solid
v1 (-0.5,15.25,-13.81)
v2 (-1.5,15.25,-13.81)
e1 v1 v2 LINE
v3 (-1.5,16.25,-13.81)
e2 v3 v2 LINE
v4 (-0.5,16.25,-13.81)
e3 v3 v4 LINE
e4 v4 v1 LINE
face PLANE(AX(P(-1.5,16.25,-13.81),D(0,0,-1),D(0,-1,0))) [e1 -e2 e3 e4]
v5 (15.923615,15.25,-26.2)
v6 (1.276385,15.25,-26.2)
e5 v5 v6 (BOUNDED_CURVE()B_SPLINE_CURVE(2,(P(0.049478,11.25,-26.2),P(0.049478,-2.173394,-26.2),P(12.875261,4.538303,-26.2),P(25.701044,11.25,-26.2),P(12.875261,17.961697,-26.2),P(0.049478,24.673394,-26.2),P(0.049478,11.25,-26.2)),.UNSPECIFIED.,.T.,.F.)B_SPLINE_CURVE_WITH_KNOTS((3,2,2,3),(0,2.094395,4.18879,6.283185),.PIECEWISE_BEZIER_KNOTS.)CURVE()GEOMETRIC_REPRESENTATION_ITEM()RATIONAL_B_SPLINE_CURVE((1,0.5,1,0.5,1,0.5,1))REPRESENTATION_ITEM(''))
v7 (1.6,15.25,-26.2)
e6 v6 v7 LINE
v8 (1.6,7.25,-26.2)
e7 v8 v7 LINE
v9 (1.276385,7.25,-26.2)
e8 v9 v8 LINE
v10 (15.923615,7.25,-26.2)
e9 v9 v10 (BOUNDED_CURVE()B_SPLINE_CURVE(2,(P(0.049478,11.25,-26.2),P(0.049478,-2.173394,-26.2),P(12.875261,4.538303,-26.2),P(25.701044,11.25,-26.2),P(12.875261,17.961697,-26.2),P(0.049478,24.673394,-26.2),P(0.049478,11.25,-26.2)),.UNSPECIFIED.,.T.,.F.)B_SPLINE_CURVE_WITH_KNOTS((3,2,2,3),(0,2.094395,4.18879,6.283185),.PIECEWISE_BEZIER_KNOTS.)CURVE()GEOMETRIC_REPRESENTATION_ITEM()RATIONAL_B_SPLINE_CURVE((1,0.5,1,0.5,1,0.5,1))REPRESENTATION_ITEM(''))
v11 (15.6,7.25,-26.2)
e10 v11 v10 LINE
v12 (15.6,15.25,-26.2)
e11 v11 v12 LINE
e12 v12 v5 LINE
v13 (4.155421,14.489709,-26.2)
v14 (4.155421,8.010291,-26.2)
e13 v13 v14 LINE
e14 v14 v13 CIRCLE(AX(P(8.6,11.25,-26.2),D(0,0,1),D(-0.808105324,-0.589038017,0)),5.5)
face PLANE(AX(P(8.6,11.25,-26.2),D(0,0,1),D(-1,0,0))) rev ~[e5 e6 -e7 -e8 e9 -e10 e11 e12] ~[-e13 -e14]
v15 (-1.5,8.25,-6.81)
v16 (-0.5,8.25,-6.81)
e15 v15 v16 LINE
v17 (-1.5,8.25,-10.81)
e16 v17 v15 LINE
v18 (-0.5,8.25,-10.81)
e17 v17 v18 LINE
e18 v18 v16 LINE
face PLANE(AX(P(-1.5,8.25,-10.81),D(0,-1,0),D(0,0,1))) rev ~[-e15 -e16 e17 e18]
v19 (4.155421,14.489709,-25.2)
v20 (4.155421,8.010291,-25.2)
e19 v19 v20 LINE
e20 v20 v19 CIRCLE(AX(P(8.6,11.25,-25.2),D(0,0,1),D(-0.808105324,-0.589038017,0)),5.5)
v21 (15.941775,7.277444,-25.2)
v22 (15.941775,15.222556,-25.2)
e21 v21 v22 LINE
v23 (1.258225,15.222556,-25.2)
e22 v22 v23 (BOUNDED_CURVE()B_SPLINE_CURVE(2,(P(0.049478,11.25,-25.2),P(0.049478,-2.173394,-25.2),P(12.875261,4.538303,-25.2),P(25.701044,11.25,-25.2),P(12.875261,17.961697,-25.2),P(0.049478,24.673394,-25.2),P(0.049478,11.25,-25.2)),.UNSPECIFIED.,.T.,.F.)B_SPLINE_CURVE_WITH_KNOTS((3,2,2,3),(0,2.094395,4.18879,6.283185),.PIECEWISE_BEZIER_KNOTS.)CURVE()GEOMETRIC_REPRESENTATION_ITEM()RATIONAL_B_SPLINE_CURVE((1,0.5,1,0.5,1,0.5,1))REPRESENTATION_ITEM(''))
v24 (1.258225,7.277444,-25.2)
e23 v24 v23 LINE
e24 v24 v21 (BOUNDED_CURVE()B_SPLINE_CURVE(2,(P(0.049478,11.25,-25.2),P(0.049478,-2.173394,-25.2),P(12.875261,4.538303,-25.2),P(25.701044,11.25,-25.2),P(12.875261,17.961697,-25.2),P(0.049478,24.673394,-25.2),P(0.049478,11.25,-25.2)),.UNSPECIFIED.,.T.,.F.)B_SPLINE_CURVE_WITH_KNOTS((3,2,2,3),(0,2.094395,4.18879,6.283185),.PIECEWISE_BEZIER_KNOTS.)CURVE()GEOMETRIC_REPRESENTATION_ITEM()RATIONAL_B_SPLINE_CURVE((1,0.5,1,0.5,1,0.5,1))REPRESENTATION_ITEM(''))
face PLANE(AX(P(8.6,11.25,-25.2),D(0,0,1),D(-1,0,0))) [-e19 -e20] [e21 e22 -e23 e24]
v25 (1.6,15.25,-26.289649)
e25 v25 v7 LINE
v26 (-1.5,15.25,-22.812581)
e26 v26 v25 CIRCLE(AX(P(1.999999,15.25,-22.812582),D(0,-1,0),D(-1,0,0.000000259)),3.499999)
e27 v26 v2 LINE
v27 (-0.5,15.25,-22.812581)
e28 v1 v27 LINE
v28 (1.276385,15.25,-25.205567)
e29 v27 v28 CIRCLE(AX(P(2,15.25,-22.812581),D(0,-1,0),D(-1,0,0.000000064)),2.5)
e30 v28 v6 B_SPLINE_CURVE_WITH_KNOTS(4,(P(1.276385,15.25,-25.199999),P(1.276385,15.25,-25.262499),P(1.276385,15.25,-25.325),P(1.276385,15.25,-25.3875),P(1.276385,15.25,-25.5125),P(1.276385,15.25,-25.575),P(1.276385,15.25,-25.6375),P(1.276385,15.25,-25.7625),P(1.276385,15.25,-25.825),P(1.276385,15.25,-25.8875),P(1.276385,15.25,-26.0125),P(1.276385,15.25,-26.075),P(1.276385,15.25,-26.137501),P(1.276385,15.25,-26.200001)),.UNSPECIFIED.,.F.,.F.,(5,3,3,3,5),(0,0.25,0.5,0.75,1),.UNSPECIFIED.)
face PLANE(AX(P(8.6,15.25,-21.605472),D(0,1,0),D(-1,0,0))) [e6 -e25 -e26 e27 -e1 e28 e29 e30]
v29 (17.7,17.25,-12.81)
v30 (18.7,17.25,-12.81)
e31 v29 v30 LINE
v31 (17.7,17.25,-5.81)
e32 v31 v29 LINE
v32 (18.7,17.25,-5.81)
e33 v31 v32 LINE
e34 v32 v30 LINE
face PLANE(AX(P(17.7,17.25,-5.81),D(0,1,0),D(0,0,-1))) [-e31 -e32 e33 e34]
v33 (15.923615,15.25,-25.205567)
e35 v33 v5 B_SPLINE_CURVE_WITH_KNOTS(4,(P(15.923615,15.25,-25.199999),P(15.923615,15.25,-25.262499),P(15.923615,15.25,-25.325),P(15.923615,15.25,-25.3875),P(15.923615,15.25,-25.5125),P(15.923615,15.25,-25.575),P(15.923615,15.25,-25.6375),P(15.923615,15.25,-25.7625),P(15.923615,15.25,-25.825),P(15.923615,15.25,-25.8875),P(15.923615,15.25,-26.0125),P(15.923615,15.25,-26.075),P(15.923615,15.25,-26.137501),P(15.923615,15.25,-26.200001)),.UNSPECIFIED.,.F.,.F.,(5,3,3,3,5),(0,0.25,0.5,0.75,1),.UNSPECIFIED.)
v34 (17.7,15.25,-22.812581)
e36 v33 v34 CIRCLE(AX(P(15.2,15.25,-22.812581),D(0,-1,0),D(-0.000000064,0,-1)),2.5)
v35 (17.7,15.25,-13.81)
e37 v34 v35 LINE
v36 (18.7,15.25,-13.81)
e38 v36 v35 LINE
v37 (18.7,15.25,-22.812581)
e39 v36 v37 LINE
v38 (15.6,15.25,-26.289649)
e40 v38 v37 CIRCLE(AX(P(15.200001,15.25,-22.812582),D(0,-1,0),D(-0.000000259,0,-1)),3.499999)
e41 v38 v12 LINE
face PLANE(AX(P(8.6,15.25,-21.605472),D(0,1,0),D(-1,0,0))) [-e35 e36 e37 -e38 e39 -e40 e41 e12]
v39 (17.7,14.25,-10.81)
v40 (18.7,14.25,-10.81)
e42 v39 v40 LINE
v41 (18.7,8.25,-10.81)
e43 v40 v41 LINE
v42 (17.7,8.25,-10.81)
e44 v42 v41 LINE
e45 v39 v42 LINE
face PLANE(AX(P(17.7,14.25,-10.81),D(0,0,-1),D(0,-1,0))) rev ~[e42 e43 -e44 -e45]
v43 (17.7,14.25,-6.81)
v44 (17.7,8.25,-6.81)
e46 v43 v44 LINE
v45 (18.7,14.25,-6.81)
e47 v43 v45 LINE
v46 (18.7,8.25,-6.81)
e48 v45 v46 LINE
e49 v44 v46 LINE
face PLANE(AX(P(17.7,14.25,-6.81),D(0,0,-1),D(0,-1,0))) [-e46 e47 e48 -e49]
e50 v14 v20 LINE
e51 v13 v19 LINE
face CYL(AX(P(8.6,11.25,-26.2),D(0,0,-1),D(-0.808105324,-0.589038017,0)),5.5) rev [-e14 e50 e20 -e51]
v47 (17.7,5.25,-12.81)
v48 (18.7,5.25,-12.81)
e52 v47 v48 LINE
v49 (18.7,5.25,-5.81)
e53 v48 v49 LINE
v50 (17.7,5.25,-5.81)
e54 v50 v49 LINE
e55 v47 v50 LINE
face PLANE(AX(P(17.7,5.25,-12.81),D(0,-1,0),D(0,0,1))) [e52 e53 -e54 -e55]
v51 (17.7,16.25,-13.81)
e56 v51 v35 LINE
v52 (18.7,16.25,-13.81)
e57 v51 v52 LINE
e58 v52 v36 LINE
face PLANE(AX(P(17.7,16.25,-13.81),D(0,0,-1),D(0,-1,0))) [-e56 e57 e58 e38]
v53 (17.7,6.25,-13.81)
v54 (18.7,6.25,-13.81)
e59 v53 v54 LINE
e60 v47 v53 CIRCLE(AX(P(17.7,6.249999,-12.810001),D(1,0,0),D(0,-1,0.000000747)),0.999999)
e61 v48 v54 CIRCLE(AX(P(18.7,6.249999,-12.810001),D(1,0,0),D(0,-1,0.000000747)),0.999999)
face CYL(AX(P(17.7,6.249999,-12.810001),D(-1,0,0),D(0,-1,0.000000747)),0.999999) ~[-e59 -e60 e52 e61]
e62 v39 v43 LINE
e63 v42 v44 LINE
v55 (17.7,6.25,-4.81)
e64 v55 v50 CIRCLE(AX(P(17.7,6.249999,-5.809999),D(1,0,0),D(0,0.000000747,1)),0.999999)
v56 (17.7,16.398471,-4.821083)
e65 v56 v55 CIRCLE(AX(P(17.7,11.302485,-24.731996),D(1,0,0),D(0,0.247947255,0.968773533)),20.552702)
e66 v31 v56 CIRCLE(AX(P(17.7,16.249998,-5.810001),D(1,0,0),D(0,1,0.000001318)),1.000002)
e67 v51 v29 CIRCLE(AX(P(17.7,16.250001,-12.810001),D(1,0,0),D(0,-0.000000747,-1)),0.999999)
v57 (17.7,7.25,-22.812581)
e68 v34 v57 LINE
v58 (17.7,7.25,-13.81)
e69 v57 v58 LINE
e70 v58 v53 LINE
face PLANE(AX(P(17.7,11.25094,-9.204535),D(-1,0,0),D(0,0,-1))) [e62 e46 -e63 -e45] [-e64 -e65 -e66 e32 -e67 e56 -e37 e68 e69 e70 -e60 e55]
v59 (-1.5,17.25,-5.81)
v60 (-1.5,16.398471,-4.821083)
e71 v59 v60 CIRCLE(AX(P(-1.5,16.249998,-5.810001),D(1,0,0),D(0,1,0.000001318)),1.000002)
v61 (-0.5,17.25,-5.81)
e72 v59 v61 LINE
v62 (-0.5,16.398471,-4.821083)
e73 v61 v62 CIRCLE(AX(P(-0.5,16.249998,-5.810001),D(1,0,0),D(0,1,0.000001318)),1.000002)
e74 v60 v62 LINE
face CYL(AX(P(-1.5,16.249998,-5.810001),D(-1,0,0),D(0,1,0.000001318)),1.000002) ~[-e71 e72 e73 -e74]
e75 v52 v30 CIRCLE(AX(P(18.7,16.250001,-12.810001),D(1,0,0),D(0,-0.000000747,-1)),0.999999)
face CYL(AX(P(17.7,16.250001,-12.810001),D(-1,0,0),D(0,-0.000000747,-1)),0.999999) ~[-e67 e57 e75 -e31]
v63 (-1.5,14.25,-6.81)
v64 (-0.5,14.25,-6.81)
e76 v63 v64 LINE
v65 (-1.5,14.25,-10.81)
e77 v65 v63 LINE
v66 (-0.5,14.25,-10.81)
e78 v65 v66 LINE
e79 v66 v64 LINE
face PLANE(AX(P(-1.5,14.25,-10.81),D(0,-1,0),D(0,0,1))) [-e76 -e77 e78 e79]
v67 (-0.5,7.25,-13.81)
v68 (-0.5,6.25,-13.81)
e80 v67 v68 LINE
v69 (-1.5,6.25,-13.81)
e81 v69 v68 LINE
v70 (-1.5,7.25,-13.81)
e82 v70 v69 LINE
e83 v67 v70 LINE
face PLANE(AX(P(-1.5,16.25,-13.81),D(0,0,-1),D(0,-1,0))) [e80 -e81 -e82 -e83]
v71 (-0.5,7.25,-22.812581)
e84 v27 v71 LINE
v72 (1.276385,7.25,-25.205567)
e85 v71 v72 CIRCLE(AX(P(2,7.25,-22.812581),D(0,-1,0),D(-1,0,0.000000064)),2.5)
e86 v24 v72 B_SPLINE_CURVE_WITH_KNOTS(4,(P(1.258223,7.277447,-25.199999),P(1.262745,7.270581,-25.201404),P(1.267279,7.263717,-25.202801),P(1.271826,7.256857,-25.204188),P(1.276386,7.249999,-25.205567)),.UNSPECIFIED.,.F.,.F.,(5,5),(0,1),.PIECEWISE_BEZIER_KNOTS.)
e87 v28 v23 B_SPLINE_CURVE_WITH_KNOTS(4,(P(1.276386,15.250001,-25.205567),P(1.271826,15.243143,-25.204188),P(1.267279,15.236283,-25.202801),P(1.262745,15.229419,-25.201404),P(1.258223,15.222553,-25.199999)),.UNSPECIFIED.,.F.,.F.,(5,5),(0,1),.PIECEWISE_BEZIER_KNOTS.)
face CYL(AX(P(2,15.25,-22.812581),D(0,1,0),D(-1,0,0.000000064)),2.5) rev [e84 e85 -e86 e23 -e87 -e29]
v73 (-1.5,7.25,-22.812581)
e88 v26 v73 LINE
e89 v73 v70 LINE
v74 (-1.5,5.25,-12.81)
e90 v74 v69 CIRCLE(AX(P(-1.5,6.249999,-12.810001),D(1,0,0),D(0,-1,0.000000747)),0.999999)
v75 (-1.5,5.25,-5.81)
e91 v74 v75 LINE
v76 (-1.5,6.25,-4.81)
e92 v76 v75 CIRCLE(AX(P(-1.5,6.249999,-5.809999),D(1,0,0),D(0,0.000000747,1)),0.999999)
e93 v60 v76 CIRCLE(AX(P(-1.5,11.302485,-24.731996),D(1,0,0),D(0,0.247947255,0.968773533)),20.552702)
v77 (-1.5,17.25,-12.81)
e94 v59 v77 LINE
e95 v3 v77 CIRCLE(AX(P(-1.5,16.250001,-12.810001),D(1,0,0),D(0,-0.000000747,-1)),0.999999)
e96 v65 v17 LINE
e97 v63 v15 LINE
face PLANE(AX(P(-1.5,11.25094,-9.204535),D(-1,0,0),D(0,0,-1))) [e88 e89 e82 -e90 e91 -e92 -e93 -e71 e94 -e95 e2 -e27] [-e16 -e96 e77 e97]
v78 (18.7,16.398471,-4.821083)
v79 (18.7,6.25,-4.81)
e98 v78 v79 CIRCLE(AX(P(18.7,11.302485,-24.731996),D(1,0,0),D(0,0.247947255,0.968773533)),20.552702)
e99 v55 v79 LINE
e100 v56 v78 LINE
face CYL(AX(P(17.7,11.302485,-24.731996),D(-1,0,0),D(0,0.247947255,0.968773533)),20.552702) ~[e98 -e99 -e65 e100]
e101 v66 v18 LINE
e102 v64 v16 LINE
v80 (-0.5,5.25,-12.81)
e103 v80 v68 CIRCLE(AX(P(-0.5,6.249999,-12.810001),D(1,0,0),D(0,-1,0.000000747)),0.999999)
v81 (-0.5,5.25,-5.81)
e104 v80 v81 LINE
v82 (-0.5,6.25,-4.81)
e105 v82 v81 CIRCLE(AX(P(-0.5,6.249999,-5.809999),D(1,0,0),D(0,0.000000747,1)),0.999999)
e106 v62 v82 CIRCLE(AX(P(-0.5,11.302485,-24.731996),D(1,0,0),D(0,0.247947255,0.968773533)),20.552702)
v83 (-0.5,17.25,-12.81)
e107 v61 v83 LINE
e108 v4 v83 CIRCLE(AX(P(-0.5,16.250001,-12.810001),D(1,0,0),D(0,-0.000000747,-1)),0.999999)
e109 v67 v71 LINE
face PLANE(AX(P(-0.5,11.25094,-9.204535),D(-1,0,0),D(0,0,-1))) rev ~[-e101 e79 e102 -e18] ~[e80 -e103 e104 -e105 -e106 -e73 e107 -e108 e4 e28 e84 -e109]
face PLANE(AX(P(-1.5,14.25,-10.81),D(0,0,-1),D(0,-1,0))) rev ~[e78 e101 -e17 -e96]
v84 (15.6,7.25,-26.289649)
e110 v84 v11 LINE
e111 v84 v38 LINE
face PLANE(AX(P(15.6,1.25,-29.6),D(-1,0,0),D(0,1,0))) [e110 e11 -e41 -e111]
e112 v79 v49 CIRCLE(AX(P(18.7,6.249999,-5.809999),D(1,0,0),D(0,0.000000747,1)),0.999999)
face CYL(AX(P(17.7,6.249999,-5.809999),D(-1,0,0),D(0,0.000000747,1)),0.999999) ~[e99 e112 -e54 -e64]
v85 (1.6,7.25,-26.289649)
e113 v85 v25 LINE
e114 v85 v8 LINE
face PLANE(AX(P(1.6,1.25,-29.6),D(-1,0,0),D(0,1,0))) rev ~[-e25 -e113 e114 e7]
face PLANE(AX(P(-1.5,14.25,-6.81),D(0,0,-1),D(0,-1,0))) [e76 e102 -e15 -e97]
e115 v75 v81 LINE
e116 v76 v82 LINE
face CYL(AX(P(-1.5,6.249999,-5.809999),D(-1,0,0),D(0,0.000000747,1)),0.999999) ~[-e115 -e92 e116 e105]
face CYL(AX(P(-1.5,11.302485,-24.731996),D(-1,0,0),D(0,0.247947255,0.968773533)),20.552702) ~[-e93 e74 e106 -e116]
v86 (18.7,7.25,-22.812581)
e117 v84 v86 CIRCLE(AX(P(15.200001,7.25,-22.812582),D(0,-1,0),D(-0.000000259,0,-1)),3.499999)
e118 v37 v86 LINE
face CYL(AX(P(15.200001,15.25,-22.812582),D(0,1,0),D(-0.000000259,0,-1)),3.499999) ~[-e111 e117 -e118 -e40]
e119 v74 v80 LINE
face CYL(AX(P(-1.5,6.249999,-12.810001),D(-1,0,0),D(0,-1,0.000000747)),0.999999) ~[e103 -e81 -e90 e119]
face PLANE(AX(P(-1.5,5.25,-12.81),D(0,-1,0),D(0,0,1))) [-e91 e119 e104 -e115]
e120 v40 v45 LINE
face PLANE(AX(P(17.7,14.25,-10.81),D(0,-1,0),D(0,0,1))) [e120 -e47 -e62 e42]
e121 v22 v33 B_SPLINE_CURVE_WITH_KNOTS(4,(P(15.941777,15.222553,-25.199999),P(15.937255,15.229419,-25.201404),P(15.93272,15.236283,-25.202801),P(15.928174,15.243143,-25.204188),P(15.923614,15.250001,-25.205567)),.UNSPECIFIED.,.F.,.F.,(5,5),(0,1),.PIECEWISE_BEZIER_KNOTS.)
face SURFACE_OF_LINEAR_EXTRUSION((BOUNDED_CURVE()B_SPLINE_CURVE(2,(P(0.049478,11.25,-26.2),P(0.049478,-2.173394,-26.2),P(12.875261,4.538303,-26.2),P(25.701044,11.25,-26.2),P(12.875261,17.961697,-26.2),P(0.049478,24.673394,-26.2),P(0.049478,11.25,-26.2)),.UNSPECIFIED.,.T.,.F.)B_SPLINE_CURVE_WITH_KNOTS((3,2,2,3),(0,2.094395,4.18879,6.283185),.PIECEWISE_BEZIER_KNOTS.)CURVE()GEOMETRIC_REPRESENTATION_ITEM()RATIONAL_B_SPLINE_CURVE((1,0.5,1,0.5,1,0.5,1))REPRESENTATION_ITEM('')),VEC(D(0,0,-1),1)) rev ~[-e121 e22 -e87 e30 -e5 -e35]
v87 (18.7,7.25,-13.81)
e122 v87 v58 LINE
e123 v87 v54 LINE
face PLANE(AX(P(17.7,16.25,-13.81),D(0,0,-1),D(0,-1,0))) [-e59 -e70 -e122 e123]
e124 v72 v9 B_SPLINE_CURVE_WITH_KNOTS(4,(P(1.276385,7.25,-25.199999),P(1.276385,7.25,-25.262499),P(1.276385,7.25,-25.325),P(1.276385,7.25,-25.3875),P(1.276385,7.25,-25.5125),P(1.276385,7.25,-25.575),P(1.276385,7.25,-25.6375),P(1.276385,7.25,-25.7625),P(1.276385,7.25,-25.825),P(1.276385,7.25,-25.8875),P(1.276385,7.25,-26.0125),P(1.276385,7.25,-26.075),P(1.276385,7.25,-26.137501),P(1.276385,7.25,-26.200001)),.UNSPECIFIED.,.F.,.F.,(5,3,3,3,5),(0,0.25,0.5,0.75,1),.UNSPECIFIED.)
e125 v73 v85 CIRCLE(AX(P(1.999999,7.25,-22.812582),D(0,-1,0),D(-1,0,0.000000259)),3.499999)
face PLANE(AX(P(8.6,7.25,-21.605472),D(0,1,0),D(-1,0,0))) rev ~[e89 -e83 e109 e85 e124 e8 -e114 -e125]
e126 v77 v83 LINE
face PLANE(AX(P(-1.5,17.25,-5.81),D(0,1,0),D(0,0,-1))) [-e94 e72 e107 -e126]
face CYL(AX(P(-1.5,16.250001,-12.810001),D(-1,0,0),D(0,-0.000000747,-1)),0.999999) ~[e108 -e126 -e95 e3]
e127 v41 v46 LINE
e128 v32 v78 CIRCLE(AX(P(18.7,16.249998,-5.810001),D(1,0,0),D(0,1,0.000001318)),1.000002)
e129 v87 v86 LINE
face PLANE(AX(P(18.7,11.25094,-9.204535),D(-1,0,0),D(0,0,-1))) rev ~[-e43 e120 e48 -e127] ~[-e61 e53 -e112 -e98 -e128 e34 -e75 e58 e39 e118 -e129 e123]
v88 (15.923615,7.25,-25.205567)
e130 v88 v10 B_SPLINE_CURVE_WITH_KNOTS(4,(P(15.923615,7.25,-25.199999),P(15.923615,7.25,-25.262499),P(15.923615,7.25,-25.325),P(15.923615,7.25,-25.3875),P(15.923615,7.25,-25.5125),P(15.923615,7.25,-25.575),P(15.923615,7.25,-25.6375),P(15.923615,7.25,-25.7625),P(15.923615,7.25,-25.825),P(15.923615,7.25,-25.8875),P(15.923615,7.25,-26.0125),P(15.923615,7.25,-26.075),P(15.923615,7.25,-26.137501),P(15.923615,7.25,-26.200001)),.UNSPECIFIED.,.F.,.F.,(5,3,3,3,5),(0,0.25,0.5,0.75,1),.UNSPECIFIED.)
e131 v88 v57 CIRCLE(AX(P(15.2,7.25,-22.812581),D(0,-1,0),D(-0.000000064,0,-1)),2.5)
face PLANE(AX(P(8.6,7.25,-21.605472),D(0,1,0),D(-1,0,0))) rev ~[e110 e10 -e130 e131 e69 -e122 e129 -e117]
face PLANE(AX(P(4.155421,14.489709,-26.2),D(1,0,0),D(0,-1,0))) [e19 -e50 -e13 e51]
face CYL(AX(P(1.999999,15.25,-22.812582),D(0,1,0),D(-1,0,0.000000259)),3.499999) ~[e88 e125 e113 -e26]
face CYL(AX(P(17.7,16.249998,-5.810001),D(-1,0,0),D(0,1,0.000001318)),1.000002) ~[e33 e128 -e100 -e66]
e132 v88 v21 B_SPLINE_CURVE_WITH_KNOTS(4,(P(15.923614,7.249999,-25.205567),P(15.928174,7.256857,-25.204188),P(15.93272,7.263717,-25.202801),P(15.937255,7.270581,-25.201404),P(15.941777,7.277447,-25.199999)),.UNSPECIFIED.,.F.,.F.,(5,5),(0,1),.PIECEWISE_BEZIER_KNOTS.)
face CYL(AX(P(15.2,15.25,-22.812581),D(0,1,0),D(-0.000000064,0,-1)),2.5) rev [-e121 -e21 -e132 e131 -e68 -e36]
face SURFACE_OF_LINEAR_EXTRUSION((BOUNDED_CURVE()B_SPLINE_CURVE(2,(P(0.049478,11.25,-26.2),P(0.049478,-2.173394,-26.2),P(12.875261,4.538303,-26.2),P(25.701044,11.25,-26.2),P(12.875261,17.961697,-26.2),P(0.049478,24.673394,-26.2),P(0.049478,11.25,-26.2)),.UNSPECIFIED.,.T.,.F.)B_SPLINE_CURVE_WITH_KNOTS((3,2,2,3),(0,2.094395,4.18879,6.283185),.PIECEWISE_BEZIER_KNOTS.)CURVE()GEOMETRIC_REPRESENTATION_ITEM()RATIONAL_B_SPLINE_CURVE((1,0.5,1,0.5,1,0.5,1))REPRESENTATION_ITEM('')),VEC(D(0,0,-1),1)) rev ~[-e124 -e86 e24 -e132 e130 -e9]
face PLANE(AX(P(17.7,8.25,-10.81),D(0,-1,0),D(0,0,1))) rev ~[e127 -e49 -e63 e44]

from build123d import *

# Parameters (mm, degrees)
BOX021_W            = 10
BOX021_H            = 20
BOX021_DEPTH        = 10
BOX022_W            = 10
BOX022_H            = 20
BOX022_DEPTH        = 10
PAD007_DEPTH        = 1
BOX023_W            = 14
BOX023_H            = 20
BOX023_DEPTH        = 10
SKETCH007_W         = 4
SKETCH007_H         = 6
PAD006_DEPTH        = 1
CLONE008_ROLL_ANGLE = 90
CLONE009_ROLL_ANGLE = 90
PAD005_DEPTH        = 8
CLONE007_ROLL_ANGLE = 90


with BuildPart() as cubo021:
    # Box021 → Box021 (new body)
    with BuildSketch(Plane(origin=(7.4, -10, -16), x_dir=(1, 0, 0), z_dir=(0, 0, 1))):
        with Locations((5, 10)):
            Rectangle(BOX021_W, BOX021_H)
    extrude(amount=BOX021_DEPTH)


with BuildPart() as cubo022:
    # Box022 → Box022 (new body)
    with BuildSketch(Plane(origin=(-17.4, -10, -16), x_dir=(1, 0, 0), z_dir=(0, 0, 1))):
        with Locations((5, 10)):
            Rectangle(BOX022_W, BOX022_H)
    extrude(amount=BOX022_DEPTH)


with BuildPart() as cut034:
    # Sketch008 → Pad007 (new body)
    with BuildSketch(Plane(origin=(0, 0, -12.6), x_dir=(-1, 0, 0), z_dir=(0, 0, 1))):
        with BuildLine():
            add(Edge.make_bspline(
                [(8.550522, 0), (8.550522, 13.423394), (-4.275261, 6.711697), (-17.101044, 0), (-4.275261, -6.711697), (8.550522, -13.423394), (8.550522, 0)],
                knots=[0, 0, 0, 2.094395, 2.094395, 4.18879, 4.18879, 6.283185, 6.283185, 6.283185], degree=2, weights=[1, 0.5, 1, 0.5, 1, 0.5, 1]))
        make_face()
        with BuildLine():
            ThreePointArc((4.444579, 3.239709), (-5.5, 0), (4.444579, -3.239709))
            Line((4.444579, -3.239709), (4.444579, 3.239709))
        make_face(mode=Mode.SUBTRACT)
    extrude(amount=PAD007_DEPTH)

    # Cut033: cut Cubo022
    add(cubo022.part, mode=Mode.SUBTRACT)

    # Cut034: cut Cubo021
    add(cubo021.part, mode=Mode.SUBTRACT)


with BuildPart() as cubo023:
    # Box023 → Box023 (new body)
    with BuildSketch(Plane(origin=(-7, -10, -16), x_dir=(1, 0, 0), z_dir=(0, 0, 1))):
        with Locations((7, 10)):
            Rectangle(BOX023_W, BOX023_H)
    extrude(amount=BOX023_DEPTH)


with BuildPart() as enganche:
    # Sketch007 → Pad006 (new body)
    with BuildSketch(Plane.YZ):
        with BuildLine():
            Line((-3.5, 6), (3.5, 6))
            ThreePointArc((4.5, 5), (4.207107, 5.707107), (3.5, 6))
            ThreePointArc((4.488917, -5.148471), (5.130693, -0.074931), (4.5, 5))
            ThreePointArc((3.5, -6), (4.152506, -5.757783), (4.488917, -5.148471))
            Line((3.5, -6), (-3.5, -6))
            ThreePointArc((-4.5, -5), (-4.207107, -5.707107), (-3.5, -6))
            Line((-4.5, -5), (-4.5, 5))
            ThreePointArc((-3.5, 6), (-4.207107, 5.707107), (-4.5, 5))
        make_face()
        with Locations((0.5, 0)):
            Rectangle(SKETCH007_W, SKETCH007_H, mode=Mode.SUBTRACT)
    extrude(amount=PAD006_DEPTH)


with BuildPart() as clone_of_enganche:
    # Clone008 base: copy of Enganche
    add(enganche.part)


with BuildPart() as clone_of_enganche_1:
    # Clone008 roll: moved
    add(clone_of_enganche.part.rotate(Axis((0, 0, 0), (1, 0, 0)), CLONE008_ROLL_ANGLE))


with BuildPart() as clone_of_enganche_2:
    # Clone008 placement: moved
    add(clone_of_enganche_1.part.moved(Location((-10.1, 0, 4.29))))


with BuildPart() as clone_of_enganche001:
    # Clone009 base: copy of Enganche
    add(enganche.part)


with BuildPart() as clone_of_enganche001_1:
    # Clone009 roll: moved
    add(clone_of_enganche001.part.rotate(Axis((0, 0, 0), (1, 0, 0)), CLONE009_ROLL_ANGLE))


with BuildPart() as clone_of_enganche001_2:
    # Clone009 placement: moved
    add(clone_of_enganche001_1.part.moved(Location((9.1, 0, 4.29))))


with BuildPart() as brida:
    # Sketch006 → Pad005 (new body)
    with BuildSketch(Plane.XY):
        with BuildLine():
            Line((-10.1, 0.787419), (-9.1, 0.787419))
            Line((-9.1, 0.787419), (-9.1, -9.212581))
            ThreePointArc((-9.1, -9.212581), (-8.367767, -10.980348), (-6.6, -11.712581))
            Line((-6.6, -11.712581), (6.6, -11.712581))
            ThreePointArc((6.6, -11.712581), (8.367767, -10.980348), (9.1, -9.212581))
            Line((9.1, -9.212581), (9.1, 0.787419))
            Line((9.1, 0.787419), (10.1, 0.787419))
            Line((10.1, 0.787419), (10.1, -9.212581))
            ThreePointArc((6.6, -12.712581), (9.074874, -11.687455), (10.1, -9.212581))
            Line((6.6, -12.712581), (-6.6, -12.712581))
            ThreePointArc((-10.1, -9.212581), (-9.074874, -11.687455), (-6.6, -12.712581))
            Line((-10.1, -9.212581), (-10.1, 0.787419))
        make_face()
    extrude(amount=PAD005_DEPTH)


with BuildPart() as brida_1:
    # Clone007 roll: moved
    add(brida.part.rotate(Axis((0, 0, 0), (1, 0, 0)), CLONE007_ROLL_ANGLE))


with BuildPart() as brida_2:
    # Clone007 placement: moved
    add(brida_1.part.moved(Location((0, 4, 0))))

    # Fusion014: union Clone of Enganche, Clone of Enganche001
    add(clone_of_enganche_2.part)
    add(clone_of_enganche001_2.part)

    # Cut032: cut Cubo023
    add(cubo023.part, mode=Mode.SUBTRACT)

    # Fusion015: union Cut034
    add(cut034.part)


with BuildPart() as brida_3:
    # Fusion015 placement: moved
    add(brida_2.part.moved(Location((8.6, 11.25, -13.6))))


solid = brida_3.part
